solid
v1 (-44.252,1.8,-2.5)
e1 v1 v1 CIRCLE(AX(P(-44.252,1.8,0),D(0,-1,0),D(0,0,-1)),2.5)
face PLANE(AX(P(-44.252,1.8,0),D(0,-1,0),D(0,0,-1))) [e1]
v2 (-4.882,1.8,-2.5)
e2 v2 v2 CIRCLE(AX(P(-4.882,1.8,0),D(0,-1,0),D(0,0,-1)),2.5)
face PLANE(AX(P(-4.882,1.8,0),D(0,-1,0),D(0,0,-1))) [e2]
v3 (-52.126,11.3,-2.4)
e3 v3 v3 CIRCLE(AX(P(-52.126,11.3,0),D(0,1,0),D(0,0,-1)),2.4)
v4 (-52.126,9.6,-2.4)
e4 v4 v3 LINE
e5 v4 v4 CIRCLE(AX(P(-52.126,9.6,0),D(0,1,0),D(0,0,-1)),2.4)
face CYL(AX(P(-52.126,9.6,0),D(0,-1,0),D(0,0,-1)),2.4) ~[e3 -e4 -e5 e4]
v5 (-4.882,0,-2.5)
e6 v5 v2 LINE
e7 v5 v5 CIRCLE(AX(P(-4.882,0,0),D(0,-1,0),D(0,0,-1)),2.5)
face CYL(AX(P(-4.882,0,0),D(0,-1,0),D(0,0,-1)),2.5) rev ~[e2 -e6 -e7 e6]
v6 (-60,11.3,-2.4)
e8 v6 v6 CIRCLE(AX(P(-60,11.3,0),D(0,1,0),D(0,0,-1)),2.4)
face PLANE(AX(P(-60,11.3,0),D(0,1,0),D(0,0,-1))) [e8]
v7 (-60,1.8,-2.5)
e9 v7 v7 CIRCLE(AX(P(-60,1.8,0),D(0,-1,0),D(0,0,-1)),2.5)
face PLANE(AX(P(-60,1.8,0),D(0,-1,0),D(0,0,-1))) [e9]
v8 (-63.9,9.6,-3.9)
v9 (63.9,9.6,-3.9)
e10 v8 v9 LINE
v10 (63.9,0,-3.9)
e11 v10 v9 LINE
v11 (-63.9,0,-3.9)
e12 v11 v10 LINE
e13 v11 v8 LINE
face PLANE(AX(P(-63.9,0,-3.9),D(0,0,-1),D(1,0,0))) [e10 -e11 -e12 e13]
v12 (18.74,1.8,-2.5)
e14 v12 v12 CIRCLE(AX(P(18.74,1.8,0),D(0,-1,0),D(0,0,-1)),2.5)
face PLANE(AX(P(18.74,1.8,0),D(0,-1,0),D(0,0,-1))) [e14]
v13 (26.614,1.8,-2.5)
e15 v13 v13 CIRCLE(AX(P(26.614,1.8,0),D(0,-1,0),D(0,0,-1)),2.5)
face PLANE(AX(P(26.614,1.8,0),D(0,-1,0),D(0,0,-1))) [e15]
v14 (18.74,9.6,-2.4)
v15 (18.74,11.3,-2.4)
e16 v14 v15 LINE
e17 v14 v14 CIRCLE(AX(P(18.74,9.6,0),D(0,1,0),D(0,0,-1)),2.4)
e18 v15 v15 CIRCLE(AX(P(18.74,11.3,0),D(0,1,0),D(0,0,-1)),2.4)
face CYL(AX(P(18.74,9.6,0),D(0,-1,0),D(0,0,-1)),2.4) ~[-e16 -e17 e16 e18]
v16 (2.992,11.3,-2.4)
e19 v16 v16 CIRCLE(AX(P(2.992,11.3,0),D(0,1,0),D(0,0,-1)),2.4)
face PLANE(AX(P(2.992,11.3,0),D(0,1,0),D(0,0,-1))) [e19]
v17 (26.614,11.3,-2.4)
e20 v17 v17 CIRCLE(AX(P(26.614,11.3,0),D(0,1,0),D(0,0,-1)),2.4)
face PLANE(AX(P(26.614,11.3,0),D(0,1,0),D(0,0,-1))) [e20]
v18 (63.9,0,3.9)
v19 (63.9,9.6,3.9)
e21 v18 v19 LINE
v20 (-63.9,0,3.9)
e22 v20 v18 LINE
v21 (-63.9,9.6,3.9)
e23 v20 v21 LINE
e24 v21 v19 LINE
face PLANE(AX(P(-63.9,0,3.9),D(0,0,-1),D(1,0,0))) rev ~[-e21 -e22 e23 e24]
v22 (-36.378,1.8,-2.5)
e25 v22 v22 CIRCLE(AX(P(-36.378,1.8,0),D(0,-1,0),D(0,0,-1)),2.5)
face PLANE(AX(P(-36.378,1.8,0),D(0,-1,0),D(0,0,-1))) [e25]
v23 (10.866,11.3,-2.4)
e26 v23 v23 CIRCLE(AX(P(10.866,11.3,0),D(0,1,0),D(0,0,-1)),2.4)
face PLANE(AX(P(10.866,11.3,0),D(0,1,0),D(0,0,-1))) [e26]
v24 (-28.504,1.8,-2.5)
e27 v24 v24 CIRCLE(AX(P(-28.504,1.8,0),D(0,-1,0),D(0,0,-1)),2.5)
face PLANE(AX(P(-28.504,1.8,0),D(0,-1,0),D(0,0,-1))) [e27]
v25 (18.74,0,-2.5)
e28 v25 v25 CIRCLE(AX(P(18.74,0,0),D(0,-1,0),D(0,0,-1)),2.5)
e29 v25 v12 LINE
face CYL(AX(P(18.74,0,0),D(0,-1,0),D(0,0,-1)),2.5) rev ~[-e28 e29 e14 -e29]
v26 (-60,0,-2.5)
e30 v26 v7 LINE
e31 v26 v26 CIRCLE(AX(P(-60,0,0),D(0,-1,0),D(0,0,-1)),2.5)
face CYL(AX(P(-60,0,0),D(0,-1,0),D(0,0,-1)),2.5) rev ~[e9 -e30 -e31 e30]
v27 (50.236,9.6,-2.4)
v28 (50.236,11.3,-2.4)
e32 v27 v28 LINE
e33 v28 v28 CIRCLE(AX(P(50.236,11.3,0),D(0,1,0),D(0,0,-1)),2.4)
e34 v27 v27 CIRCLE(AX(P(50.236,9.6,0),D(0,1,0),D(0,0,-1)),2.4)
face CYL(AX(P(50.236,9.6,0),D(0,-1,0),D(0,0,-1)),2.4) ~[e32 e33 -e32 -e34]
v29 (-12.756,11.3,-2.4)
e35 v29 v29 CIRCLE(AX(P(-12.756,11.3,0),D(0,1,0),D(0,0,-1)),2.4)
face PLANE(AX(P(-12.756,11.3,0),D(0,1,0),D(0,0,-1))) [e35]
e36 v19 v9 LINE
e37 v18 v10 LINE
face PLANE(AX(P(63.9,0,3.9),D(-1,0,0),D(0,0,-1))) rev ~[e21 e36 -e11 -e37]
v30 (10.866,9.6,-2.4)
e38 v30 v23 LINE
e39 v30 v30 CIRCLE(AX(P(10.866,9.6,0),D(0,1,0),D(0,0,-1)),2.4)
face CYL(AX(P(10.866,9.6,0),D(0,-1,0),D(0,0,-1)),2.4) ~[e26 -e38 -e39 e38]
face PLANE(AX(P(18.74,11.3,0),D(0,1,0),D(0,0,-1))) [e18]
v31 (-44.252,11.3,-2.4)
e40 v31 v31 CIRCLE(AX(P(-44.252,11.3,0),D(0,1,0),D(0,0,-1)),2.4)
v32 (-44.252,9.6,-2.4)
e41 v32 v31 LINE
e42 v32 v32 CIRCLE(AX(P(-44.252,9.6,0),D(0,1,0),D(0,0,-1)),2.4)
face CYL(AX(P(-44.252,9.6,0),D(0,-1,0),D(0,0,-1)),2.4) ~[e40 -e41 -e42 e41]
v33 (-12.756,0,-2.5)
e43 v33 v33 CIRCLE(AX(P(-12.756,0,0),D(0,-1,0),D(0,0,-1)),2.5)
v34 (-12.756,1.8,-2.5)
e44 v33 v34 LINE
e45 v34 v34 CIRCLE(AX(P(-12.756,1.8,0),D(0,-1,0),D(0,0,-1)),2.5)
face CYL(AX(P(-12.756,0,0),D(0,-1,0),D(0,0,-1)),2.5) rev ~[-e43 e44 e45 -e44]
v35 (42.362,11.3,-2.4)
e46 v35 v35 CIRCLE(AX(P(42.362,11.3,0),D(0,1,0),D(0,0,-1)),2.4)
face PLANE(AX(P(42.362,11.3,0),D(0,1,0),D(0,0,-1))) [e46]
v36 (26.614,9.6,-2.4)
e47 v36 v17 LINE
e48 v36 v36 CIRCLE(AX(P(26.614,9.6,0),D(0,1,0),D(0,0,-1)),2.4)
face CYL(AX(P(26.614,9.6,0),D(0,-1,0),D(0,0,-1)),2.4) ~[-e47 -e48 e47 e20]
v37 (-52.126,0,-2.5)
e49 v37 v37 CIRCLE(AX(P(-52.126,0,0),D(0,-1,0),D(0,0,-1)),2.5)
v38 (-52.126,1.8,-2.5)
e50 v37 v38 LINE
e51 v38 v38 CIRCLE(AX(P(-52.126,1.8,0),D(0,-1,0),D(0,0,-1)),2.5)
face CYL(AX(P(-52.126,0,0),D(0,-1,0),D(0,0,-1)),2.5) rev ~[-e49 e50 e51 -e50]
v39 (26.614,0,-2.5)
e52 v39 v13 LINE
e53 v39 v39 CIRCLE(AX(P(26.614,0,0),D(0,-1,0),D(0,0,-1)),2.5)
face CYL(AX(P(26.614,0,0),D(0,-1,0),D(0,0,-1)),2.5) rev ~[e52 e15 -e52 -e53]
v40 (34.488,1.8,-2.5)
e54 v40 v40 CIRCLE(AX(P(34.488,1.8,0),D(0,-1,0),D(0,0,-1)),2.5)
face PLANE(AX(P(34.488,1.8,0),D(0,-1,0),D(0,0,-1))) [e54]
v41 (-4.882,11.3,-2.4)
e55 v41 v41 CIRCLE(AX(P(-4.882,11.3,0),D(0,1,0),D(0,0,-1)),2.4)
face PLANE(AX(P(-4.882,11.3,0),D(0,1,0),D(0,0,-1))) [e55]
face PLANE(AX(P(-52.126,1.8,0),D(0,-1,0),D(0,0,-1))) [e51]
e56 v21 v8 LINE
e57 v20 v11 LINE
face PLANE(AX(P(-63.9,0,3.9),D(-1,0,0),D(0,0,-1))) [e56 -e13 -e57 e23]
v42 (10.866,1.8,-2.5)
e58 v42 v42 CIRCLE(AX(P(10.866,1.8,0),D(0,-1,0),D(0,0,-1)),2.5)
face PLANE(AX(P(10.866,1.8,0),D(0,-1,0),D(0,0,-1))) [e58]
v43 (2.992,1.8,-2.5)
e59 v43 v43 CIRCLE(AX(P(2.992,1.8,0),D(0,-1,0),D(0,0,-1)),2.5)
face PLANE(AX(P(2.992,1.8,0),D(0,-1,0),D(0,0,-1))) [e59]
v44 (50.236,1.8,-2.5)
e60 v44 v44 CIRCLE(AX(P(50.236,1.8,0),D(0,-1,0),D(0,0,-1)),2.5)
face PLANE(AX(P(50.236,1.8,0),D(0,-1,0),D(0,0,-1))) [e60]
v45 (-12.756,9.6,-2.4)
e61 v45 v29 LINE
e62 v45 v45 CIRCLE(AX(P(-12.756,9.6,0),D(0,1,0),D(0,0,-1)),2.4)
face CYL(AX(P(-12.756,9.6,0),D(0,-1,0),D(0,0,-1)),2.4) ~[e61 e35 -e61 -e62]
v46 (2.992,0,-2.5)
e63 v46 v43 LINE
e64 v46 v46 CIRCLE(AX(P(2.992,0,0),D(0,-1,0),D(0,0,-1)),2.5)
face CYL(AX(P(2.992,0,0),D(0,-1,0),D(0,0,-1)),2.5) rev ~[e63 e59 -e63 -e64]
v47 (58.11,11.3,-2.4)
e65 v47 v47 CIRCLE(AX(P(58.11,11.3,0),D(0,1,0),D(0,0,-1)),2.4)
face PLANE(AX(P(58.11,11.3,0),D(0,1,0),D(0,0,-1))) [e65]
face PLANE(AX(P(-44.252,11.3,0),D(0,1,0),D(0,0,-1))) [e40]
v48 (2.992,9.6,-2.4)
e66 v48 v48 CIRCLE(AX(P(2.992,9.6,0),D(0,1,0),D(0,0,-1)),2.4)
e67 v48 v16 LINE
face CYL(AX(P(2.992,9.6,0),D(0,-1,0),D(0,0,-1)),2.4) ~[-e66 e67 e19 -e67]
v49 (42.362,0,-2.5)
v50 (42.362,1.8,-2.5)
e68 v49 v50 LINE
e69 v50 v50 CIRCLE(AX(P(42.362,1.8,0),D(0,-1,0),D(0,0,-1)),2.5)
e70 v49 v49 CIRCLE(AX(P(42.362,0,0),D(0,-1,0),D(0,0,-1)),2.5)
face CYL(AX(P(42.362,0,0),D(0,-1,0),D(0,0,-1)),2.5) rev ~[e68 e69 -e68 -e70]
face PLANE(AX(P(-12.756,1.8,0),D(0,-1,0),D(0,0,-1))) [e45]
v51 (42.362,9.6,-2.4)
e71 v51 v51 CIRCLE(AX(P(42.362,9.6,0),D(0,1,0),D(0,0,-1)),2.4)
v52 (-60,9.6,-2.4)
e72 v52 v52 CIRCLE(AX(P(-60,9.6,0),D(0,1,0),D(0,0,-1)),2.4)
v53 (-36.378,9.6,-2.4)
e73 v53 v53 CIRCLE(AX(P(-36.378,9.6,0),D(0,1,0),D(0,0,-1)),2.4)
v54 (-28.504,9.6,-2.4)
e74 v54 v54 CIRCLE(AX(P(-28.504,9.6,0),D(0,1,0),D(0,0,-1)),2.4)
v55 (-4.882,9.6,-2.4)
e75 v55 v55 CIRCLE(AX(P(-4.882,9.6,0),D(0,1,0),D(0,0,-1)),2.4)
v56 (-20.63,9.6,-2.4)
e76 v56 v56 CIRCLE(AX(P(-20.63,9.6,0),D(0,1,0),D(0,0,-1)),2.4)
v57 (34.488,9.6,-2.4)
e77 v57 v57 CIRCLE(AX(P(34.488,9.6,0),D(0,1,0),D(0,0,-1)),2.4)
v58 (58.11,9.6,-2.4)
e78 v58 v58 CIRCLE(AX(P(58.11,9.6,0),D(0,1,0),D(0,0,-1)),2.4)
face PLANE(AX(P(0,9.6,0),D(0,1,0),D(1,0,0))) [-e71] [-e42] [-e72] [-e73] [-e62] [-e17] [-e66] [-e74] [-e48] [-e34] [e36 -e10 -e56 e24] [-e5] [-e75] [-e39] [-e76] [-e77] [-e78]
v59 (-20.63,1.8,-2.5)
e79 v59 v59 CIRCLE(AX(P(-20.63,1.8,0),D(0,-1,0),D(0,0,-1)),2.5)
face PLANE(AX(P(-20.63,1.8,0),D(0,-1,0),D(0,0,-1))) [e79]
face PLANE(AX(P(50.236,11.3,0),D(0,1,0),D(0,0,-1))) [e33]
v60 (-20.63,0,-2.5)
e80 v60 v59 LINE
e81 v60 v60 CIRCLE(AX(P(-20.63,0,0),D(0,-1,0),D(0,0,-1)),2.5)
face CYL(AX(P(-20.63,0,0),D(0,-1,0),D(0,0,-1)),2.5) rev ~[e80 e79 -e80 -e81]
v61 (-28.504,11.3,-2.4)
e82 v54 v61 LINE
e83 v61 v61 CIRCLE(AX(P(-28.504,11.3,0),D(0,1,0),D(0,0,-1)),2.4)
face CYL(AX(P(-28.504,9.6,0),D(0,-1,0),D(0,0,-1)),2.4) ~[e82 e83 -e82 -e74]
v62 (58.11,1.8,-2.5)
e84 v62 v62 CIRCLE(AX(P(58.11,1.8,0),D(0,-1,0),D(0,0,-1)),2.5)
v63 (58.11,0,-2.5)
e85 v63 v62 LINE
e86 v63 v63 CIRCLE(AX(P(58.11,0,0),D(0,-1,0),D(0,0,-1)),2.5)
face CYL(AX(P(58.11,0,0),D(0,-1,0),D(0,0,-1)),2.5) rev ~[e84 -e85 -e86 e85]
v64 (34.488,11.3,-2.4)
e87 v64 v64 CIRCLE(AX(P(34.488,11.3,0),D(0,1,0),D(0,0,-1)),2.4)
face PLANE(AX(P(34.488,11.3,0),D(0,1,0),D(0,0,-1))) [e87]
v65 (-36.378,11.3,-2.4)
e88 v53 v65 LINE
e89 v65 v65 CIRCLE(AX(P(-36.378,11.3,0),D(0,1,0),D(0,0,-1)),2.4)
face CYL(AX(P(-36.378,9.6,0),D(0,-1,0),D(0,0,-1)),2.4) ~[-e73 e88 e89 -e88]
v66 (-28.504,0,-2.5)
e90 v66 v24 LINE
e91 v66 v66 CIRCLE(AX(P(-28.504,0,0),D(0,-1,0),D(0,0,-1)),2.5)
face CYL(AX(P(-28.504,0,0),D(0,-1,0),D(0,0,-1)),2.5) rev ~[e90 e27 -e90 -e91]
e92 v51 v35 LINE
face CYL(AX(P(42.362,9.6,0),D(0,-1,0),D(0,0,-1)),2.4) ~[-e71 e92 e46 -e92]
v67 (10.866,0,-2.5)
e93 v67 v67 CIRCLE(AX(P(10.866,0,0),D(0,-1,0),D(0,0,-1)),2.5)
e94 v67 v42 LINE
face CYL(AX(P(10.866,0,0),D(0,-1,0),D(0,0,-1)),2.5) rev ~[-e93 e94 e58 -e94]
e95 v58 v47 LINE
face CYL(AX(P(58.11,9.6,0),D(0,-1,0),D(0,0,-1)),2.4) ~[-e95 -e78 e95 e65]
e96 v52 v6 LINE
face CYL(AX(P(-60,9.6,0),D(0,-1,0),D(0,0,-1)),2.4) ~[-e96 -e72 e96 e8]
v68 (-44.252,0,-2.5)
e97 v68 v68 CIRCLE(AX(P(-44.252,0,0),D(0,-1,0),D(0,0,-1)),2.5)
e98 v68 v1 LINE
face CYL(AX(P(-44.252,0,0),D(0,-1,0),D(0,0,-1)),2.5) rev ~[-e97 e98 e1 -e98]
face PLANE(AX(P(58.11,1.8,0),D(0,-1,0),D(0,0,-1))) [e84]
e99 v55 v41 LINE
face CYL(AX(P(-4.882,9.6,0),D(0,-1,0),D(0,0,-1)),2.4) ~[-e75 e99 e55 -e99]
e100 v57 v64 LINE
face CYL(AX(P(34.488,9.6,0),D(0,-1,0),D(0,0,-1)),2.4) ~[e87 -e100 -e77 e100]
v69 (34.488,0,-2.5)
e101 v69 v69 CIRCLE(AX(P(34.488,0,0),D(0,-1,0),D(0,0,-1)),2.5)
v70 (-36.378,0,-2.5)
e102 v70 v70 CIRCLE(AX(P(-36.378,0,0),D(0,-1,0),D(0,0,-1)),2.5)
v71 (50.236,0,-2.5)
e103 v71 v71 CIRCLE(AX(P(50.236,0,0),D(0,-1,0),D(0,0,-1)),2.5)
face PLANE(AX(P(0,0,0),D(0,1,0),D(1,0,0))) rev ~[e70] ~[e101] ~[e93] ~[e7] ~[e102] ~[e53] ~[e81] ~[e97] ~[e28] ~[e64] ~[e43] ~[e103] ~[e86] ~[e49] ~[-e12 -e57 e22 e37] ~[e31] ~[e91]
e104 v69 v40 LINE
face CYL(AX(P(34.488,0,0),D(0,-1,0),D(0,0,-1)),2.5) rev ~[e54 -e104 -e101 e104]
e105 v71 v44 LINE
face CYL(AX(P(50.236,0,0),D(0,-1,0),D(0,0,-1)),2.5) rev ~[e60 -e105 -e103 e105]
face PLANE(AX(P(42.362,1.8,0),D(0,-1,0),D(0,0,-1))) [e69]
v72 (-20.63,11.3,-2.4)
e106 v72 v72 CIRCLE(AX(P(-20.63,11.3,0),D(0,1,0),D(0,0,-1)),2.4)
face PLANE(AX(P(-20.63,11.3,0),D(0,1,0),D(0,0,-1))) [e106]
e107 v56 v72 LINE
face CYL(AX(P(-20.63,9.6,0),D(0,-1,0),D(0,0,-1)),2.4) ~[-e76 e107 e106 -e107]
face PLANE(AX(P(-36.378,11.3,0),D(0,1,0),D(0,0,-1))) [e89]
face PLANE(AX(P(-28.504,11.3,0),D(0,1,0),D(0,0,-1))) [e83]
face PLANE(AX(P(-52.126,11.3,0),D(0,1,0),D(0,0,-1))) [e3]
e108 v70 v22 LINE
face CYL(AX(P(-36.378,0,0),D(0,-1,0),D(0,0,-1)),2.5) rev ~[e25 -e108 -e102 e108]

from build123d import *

# Parameters (mm, degrees)
SKETCH_1_W          = 127.8
SKETCH_1_H          = 7.8
EXTRUDE_1_DEPTH     = 9.6
SKETCH_2_R          = 2.4
EXTRUDE_2_DEPTH     = 1.7
SKETCH_3_R          = 2.5
CUT_EXTRUDE_2_DEPTH = 1.8


with BuildPart() as part:
    # Эскиз1 → Бобышка-Вытянуть1 (new body)
    with BuildSketch(Plane(origin=(0, 0, 0), x_dir=(1, 0, 0), z_dir=(0, 1, 0))):
        Rectangle(SKETCH_1_W, SKETCH_1_H)
    extrude(amount=EXTRUDE_1_DEPTH)

    # Эскиз2 → Бобышка-Вытянуть2 (add)
    with BuildSketch(Plane(origin=(0, 9.6, 0), x_dir=(1, 0, 0), z_dir=(0, 1, 0))):
        with Locations(Location((-60, 0, 0), (0, 0, 90))):
            Circle(SKETCH_2_R)
        with Locations(Location((-52.126, 0, 0), (0, 0, 90))):
            Circle(SKETCH_2_R)
        with Locations(Location((-44.252, 0, 0), (0, 0, 90))):
            Circle(SKETCH_2_R)
        with Locations(Location((-36.378, 0, 0), (0, 0, 90))):
            Circle(SKETCH_2_R)
        with Locations(Location((-28.504, 0, 0), (0, 0, 90))):
            Circle(SKETCH_2_R)
        with Locations(Location((-20.63, 0, 0), (0, 0, 90))):
            Circle(SKETCH_2_R)
        with Locations(Location((-12.756, 0, 0), (0, 0, 90))):
            Circle(SKETCH_2_R)
        with Locations(Location((-4.882, 0, 0), (0, 0, 90))):
            Circle(SKETCH_2_R)
        with Locations(Location((2.992, 0, 0), (0, 0, 90))):
            Circle(SKETCH_2_R)
        with Locations(Location((10.866, 0, 0), (0, 0, 90))):
            Circle(SKETCH_2_R)
        with Locations(Location((18.74, 0, 0), (0, 0, 90))):
            Circle(SKETCH_2_R)
        with Locations(Location((26.614, 0, 0), (0, 0, 90))):
            Circle(SKETCH_2_R)
        with Locations(Location((34.488, 0, 0), (0, 0, 90))):
            Circle(SKETCH_2_R)
        with Locations(Location((42.362, 0, 0), (0, 0, 90))):
            Circle(SKETCH_2_R)
        with Locations(Location((50.236, 0, 0), (0, 0, 90))):
            Circle(SKETCH_2_R)
        with Locations(Location((58.11, 0, 0), (0, 0, 90))):
            Circle(SKETCH_2_R)
    extrude(amount=EXTRUDE_2_DEPTH)

    # Эскиз3 → Вырез-Вытянуть2 (cut)
    with BuildSketch(Plane.XZ):
        with Locations(Location((-60, 0, 0), (0, 0, 270))):
            Circle(SKETCH_3_R)
        with Locations(Location((-52.126, 0, 0), (0, 0, 270))):
            Circle(SKETCH_3_R)
        with Locations(Location((-44.252, 0, 0), (0, 0, 270))):
            Circle(SKETCH_3_R)
        with Locations(Location((-36.378, 0, 0), (0, 0, 270))):
            Circle(SKETCH_3_R)
        with Locations(Location((-28.504, 0, 0), (0, 0, 270))):
            Circle(SKETCH_3_R)
        with Locations(Location((-20.63, 0, 0), (0, 0, 270))):
            Circle(SKETCH_3_R)
        with Locations(Location((-12.756, 0, 0), (0, 0, 270))):
            Circle(SKETCH_3_R)
        with Locations(Location((-4.882, 0, 0), (0, 0, 270))):
            Circle(SKETCH_3_R)
        with Locations(Location((2.992, 0, 0), (0, 0, 270))):
            Circle(SKETCH_3_R)
        with Locations(Location((10.866, 0, 0), (0, 0, 270))):
            Circle(SKETCH_3_R)
        with Locations(Location((18.74, 0, 0), (0, 0, 270))):
            Circle(SKETCH_3_R)
        with Locations(Location((26.614, 0, 0), (0, 0, 270))):
            Circle(SKETCH_3_R)
        with Locations(Location((34.488, 0, 0), (0, 0, 270))):
            Circle(SKETCH_3_R)
        with Locations(Location((42.362, 0, 0), (0, 0, 270))):
            Circle(SKETCH_3_R)
        with Locations(Location((50.236, 0, 0), (0, 0, 270))):
            Circle(SKETCH_3_R)
        with Locations(Location((58.11, 0, 0), (0, 0, 270))):
            Circle(SKETCH_3_R)
    extrude(amount=-CUT_EXTRUDE_2_DEPTH, mode=Mode.SUBTRACT)


solid = part.part
